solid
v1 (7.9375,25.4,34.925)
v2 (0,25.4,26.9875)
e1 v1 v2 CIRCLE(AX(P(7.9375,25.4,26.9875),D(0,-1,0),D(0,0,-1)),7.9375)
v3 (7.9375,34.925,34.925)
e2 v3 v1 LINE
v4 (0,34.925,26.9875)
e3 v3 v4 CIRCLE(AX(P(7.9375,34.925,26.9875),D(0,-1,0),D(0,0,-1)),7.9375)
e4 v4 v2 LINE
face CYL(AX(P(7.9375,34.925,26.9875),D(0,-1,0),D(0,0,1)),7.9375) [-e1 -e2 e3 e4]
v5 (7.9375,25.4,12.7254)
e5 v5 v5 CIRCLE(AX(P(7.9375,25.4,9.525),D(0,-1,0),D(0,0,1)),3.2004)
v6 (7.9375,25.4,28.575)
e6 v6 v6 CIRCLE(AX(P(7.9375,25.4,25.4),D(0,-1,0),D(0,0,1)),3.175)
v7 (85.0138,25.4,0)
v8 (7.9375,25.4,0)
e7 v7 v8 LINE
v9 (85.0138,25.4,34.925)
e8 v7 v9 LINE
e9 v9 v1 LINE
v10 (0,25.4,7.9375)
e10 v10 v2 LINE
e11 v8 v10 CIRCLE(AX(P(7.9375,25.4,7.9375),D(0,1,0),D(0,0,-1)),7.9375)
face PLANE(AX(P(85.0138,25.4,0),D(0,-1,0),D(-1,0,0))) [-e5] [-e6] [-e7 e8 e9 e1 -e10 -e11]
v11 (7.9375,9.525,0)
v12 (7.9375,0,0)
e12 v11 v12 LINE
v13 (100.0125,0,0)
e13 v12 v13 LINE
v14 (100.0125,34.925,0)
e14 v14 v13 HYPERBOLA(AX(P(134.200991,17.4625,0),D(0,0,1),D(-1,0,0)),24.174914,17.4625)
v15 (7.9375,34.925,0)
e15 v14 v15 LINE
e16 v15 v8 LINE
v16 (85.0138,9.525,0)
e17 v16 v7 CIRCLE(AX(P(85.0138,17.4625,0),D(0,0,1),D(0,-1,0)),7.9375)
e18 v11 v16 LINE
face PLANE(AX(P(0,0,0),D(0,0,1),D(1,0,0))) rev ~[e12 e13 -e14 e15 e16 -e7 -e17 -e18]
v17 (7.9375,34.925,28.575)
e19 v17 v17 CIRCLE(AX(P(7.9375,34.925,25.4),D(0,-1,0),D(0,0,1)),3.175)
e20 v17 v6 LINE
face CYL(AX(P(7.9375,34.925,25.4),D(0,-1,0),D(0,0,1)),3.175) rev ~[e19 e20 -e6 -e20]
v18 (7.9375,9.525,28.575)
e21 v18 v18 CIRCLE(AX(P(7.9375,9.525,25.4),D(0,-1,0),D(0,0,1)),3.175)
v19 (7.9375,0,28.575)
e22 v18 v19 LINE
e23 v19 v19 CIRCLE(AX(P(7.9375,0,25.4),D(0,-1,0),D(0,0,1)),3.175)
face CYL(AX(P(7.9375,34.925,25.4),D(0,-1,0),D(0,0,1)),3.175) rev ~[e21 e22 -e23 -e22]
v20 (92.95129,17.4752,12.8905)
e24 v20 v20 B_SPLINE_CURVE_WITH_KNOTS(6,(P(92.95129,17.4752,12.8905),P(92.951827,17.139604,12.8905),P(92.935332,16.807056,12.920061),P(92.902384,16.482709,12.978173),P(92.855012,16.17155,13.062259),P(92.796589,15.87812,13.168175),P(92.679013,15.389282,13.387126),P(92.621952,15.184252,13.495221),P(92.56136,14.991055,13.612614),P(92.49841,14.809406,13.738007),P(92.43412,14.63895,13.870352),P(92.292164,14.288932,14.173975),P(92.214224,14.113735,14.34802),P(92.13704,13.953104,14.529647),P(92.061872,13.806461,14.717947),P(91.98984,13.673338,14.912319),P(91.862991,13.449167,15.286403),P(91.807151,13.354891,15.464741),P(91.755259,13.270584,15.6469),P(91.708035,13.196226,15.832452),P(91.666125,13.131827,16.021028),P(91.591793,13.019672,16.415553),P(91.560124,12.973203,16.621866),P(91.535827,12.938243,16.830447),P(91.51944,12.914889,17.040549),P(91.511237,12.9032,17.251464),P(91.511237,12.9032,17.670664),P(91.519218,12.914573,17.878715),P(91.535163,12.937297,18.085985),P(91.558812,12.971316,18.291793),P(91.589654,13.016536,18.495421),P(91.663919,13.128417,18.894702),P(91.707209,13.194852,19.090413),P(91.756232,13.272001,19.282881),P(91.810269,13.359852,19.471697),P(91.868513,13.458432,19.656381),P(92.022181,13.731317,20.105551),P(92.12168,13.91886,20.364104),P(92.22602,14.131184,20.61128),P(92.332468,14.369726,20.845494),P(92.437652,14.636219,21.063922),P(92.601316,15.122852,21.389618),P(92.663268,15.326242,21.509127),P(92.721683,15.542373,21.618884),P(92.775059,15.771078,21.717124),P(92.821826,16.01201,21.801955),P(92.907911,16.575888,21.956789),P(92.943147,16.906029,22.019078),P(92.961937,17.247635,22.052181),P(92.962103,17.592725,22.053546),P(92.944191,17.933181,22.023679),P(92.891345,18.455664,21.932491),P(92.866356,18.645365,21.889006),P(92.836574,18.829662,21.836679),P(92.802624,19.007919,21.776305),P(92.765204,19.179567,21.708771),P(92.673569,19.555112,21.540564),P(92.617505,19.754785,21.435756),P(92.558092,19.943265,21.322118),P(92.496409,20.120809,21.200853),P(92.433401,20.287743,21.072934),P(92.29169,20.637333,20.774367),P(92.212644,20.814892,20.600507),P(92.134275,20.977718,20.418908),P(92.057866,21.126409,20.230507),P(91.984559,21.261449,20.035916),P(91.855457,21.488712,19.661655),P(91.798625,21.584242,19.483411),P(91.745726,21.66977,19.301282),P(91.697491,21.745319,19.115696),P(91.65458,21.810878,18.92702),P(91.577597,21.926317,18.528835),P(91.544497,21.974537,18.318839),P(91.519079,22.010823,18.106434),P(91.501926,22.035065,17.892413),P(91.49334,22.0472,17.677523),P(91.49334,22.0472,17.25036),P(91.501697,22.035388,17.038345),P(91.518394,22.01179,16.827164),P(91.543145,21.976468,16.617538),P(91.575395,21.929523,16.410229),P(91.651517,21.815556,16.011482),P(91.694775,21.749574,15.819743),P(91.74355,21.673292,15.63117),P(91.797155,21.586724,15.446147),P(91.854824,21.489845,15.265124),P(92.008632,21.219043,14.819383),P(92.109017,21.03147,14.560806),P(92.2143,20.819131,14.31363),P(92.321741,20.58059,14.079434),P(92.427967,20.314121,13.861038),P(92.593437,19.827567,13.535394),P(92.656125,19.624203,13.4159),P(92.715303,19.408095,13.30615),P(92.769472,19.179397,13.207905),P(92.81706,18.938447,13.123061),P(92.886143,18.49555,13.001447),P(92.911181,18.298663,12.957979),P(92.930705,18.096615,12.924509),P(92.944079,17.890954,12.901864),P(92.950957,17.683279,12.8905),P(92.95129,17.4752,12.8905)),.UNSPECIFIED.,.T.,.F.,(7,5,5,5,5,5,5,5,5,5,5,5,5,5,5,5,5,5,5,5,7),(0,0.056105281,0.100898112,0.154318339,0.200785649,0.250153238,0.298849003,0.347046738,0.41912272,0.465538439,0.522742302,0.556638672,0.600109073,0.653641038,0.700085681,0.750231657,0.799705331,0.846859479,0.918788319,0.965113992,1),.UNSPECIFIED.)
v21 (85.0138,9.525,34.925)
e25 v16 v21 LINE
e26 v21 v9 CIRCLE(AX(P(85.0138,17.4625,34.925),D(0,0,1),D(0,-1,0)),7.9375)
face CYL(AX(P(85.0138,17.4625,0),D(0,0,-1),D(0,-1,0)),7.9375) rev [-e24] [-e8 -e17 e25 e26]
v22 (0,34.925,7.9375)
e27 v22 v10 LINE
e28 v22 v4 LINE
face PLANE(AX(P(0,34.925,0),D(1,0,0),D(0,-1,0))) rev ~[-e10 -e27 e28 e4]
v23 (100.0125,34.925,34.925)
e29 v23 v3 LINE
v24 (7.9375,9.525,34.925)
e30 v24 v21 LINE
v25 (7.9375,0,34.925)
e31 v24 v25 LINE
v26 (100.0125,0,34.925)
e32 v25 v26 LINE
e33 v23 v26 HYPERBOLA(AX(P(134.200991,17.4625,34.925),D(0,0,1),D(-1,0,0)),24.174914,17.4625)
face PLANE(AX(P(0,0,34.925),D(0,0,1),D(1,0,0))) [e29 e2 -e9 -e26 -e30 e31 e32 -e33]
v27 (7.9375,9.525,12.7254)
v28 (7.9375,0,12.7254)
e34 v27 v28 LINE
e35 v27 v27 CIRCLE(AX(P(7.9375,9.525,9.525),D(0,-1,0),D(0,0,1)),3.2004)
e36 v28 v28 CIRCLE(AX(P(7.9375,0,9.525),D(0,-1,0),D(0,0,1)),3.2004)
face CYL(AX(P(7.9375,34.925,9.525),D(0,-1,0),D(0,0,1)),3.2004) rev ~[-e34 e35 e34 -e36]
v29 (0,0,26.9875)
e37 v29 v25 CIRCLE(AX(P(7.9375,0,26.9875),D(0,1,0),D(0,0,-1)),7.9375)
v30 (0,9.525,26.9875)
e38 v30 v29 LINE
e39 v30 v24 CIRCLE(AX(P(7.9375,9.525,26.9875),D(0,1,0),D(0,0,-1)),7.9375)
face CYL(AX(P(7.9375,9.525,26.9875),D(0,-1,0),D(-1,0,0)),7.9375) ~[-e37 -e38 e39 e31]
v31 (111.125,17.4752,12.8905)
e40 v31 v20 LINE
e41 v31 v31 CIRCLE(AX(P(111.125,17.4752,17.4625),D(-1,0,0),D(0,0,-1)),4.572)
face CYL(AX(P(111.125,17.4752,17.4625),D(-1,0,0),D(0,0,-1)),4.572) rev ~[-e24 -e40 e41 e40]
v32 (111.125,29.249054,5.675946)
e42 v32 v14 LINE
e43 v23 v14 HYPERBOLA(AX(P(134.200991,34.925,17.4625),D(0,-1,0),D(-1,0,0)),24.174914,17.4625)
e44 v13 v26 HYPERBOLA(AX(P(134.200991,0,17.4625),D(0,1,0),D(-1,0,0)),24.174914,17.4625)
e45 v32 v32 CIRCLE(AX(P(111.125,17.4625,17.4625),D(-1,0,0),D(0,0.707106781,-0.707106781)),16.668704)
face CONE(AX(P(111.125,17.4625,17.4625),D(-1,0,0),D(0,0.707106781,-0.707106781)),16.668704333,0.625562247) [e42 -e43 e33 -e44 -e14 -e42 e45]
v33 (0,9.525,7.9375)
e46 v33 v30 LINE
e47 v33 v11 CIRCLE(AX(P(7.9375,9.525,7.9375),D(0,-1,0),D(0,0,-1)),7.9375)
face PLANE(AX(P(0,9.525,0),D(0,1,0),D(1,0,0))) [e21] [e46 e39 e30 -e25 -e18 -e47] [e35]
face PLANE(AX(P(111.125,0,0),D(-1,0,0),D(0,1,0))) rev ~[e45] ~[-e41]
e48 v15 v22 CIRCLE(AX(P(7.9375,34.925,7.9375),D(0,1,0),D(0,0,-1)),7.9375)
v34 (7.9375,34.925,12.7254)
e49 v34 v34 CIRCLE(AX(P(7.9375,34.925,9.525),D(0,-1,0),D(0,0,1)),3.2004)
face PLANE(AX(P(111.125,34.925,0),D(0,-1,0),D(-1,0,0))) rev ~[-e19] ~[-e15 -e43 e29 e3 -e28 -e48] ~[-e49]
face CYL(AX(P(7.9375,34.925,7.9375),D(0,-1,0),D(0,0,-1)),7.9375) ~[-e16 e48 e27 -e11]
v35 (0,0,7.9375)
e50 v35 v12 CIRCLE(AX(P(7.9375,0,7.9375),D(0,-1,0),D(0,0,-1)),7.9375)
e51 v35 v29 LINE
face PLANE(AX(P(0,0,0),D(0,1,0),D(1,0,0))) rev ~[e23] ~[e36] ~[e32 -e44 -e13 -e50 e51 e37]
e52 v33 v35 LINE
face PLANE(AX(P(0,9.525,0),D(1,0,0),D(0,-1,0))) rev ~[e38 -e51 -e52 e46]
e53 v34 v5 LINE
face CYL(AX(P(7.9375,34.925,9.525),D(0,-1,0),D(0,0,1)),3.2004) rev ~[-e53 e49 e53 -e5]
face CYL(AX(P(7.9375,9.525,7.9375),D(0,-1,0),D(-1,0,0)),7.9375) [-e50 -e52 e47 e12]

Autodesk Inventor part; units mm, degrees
ref_plane "YZ Plane" through (0, 0, 0) normal (1, 0, 0) x (0, 1, 0)
ref_plane "XZ Plane" through (0, 0, 0) normal (0, 1, 0) x (-1, 0, 0)
sketch "Sketch1" plane through (0, 0, 0) normal (0, 0, 1) x (1, 0, 0)
  line L0 (0, 0) -> (111.125, 0)
  line L1 (111.125, 0) -> (111.125, 34.925)
  line L2 (111.125, 34.925) -> (0, 34.925)
  arc A0 (85.0138, 9.525) -> (85.0138, 25.4) centre (85.0138, 17.4625) ccw
  line L3 (85.0138, 25.4) -> (0, 25.4)
  line L4 (0, 9.525) -> (85.0138, 9.525)
  line L5 (85.0138, 9.525) -> (85.0138, 25.4)
  line L6 (0, 34.925) -> (0, 25.4)
  line L7 (0, 9.525) -> (0, 0)
  dimension "d0" = 34.925
  dimension "d2" = 15.875
  dimension "d3" = 85.0138
  dimension "d4" = 111.125
extrude "Extrusion1" add sketch "Sketch1" along normal blind 34.925 contours L7 L4 A0 L3 L6 L2 L1 L0
sketch "Sketch2" plane through (111.125, 0, 0) normal (1, 0, 0) x (0, 0, -1)
  point P0 (0, 0)
  point P1 (-17.4625, 17.4752)
hole "Hole1" at (111.125, 17.4752, 17.4625) direction (-1, 0, 0) diameter 9.144 end through all thread size "7/16-14 UNC" class "2B" standard "ANSI Unified Screw Threads"
ref_plane "Work Plane1" through (111.125, 34.925, 0) normal (0, 0.7071, 0.7071) x (-1, 0, 0)
sketch "Sketch3" plane through (111.125, 34.925, 0) normal (0, 0.7071, 0.7071) x (-1, 0, 0)
  line L0 (0, 0) -> (111.125, 0) projected
  line L1 (111.125, 0) -> (111.125, 24.6957) projected
  line L2 (0, 24.6957) -> (111.125, 24.6957) projected
  line L3 (0, 0) -> (0, 24.6957) projected
  line L4 (0, 0) -> (0, 24.6957) projected
  line L5 (0, 8.027) -> (11.1125, 0)
  line L6 (11.1125, 0) -> (0, 0)
  line L7 (0, 8.027) -> (0, 0)
  dimension "d14" = 11.1125
  dimension "d15" = 16.6687
revolve "Revolution1" cut sketch "Sketch3" angle 360 about axis through (111.125, 17.4625, 17.4625) along (-1, 0, 0) contours L3 L5 L0
fillet "Fillet1" radius 7.9375 4 edges at (0, 30.1625, 0) (0, 4.7625, 0) (0, 4.7625, 34.925) (0, 30.1625, 34.925)
sketch "Sketch4" plane through (7.9375, 0, 0) normal (0, -1, 0) x (1, 0, 0)
  point P0 (-7.9375, 0)
  point P1 (0, 9.525)
  point P2 (0, 25.4)
sketch "Sketch5" plane through (7.9375, 34.925, 0) normal (0, 1, 0) x (1, 0, 0)
  line L0 (92.075, -34.925) -> (0, -34.925) projected
  line L1 (92.075, 0) -> (0, 0) projected
  point P0 (-7.9375, 0)
  dimension "d18" = 34.925
sketch "Sketch6" plane through (7.9375, 34.925, 0) normal (0, 1, 0) x (1, 0, 0)
  point P0 (-7.9375, 0)
  point P1 (0, -9.525)
  point P2 (0, -25.4)
hole "Hole2" at (7.9375, 34.925, 9.525) direction (0, -1, 0) diameter 6.4008 depth 83.2612 tip angle 118 thread size "5/16-18 UNC" class "2B" standard "ANSI Unified Screw Threads"
thread "Thread1" size "5/16-18 UNC" class "2B" standard "ANSI Unified Screw Threads" full length
sketch "Sketch7" plane through (7.9375, 34.925, 0) normal (0, 1, 0) x (1, 0, 0)
  point P0 (-7.9375, 0)
  point P1 (0, -25.4)
hole "Hole3" at (7.9375, 34.925, 25.4) direction (0, -1, 0) diameter 6.35 end through all
properties part number "middle handle piece (hard) (1)" material "Aluminum 6061"
